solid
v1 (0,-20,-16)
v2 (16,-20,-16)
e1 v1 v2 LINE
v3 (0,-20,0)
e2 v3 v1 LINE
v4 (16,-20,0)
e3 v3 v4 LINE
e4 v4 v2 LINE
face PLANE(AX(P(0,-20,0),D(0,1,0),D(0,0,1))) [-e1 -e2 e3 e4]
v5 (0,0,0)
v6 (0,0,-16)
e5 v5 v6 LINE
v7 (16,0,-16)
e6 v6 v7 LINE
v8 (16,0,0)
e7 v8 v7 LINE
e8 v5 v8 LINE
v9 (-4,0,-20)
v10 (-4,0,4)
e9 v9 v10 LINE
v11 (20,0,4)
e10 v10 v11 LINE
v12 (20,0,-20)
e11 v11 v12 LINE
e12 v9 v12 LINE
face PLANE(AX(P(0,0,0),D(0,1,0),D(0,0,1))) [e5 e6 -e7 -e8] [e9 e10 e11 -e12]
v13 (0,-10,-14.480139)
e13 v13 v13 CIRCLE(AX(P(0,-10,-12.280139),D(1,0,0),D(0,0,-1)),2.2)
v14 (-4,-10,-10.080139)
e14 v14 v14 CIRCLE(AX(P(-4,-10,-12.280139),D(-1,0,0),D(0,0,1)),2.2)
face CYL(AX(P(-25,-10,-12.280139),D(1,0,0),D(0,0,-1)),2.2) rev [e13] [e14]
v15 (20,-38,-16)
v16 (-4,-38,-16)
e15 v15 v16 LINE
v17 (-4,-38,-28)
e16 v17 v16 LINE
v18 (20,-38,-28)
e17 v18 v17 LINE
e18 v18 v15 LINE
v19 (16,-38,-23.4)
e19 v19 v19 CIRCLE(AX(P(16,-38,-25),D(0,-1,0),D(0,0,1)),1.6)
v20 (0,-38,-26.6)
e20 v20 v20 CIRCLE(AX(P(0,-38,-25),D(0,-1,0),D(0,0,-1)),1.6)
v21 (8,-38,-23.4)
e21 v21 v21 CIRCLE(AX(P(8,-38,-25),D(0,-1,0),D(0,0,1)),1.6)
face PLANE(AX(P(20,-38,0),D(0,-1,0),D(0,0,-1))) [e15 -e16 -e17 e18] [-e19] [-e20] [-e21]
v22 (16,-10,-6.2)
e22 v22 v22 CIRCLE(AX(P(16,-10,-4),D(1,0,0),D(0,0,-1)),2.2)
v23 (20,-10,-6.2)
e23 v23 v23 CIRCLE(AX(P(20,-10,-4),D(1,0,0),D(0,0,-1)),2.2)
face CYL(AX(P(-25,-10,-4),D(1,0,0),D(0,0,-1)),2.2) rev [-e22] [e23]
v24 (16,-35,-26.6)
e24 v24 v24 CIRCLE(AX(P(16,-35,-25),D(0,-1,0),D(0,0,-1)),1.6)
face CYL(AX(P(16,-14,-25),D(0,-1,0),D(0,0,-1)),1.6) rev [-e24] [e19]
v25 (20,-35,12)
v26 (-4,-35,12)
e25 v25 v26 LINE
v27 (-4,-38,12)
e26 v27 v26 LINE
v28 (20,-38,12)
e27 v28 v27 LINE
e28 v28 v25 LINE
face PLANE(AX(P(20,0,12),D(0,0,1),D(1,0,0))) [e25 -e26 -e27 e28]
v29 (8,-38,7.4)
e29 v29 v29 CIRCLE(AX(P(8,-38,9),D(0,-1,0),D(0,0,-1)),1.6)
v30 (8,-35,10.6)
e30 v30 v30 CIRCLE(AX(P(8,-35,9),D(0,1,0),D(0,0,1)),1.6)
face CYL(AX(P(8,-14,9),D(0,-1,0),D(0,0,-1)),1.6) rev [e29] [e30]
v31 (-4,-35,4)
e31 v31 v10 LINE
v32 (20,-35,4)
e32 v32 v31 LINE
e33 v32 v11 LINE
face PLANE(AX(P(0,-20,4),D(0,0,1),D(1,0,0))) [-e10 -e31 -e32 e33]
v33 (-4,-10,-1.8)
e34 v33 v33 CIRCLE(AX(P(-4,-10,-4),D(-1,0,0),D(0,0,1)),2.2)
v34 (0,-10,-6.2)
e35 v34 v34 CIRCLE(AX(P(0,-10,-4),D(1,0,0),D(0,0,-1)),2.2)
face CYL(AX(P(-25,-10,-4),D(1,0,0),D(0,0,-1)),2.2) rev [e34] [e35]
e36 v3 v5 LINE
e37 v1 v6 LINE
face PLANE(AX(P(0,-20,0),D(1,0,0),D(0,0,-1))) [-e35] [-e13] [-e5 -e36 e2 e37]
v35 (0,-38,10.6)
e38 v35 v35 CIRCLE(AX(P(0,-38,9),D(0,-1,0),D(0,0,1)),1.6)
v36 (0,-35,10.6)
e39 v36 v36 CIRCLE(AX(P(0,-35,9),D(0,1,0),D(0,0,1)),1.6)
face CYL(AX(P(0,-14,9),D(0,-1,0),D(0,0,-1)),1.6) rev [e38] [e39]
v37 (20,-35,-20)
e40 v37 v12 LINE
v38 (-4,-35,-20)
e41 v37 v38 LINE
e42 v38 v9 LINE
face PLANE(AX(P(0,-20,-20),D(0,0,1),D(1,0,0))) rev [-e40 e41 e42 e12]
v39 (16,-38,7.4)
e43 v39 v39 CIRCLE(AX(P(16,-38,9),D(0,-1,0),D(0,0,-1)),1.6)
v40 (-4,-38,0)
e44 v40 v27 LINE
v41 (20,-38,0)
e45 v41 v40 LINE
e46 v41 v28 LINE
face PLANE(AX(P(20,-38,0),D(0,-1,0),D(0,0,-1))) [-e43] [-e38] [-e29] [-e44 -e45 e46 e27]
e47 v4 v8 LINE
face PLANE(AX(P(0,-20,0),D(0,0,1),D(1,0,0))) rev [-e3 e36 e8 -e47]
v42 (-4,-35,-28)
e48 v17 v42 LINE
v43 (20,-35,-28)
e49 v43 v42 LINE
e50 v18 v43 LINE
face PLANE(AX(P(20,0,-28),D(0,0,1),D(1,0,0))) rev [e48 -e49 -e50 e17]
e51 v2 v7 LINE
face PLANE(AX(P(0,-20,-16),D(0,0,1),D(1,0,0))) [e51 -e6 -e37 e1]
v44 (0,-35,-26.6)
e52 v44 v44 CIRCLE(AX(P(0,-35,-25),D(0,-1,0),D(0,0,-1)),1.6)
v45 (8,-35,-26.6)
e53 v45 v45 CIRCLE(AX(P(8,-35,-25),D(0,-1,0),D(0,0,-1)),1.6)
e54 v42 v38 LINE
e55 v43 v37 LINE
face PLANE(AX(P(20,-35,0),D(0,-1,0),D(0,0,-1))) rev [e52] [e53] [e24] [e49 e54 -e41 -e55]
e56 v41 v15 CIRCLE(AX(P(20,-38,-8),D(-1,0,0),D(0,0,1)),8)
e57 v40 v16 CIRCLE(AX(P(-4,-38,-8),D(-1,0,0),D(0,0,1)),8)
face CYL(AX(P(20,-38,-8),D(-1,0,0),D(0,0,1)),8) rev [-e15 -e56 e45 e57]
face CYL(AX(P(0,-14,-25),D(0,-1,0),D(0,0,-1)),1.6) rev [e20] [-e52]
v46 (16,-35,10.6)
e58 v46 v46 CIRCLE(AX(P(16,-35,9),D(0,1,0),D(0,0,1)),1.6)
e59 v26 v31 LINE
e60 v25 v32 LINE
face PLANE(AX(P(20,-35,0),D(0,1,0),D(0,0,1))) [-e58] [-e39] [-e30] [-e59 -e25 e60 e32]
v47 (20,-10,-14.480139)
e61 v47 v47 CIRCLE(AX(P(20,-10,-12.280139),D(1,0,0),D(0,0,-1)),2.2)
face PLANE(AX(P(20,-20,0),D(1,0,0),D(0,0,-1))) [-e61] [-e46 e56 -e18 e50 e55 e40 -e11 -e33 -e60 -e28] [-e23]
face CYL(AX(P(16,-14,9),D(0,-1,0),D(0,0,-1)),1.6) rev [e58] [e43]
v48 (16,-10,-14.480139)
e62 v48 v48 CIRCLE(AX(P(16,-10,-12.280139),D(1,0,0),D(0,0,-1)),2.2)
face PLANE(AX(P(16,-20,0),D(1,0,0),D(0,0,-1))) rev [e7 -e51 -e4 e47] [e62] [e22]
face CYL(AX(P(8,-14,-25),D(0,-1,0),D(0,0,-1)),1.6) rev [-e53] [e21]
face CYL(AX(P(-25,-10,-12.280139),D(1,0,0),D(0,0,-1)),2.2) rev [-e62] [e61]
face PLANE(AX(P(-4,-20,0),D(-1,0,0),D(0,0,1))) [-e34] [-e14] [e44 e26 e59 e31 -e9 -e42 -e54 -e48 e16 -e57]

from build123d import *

# Parameters (mm, degrees)
SKETCH_1_W          = 16
SKETCH_1_H          = 16
EXTRUDE_1_DEPTH     = 20
SKETCH_2_W          = 24
SKETCH_2_H          = 24
EXTRUDE_4_DEPTH     = 10
SKETCH_3_W          = 4
SKETCH_3_H          = 3
EXTRUDE_6_DEPTH     = 24
SKETCH_5_R          = 1.6
CUT_EXTRUDE_1_DEPTH = 24
SKETCH_6_R          = 2.2
CUT_EXTRUDE_2_DEPTH = 25


with BuildPart() as part:
    # 草图1 → 凸台-拉伸1 (new body)
    with BuildSketch(Plane(origin=(0, 0, 0), x_dir=(1, 0, 0), z_dir=(0, 1, 0))):
        Polygon((-4, 20), (-4, 16), (-4, -4), (16, -4), (20, -4), (20, 0), (20, 20), (0, 20), align=None)
        with Locations((8, 8)):
            Rectangle(SKETCH_1_W, SKETCH_1_H, mode=Mode.SUBTRACT)
    extrude(amount=-EXTRUDE_1_DEPTH)

    # 草图2 → 凸台-拉伸4 (add)
    with BuildSketch(Plane.XZ.offset(20)):
        with Locations((8, -8)):
            Rectangle(SKETCH_2_W, SKETCH_2_H)
    extrude(amount=EXTRUDE_4_DEPTH)

    # 草图3 → 凸台-拉伸6 (add)
    with BuildSketch(Plane.ZY.offset(4)):
        with Locations((10, -36.5)):
            Rectangle(SKETCH_3_W, SKETCH_3_H)
        with BuildLine():
            Line((4, -35), (4, -30))
            Line((4, -30), (-8.000000062, -30))
            ThreePointArc((-8.000000062, -30), (-2.343145773, -32.343145728), (0, -38))
            Line((0, -38), (8, -38))
            Line((8, -38), (8, -35))
            Line((8, -35), (4, -35))
        make_face()
        with BuildLine():
            ThreePointArc((-16, -38), (-13.656854272, -32.343145773), (-8.000000062, -30))
            Line((-8.000000062, -30), (-20, -30))
            Line((-20, -30), (-20, -35))
            Line((-20, -35), (-24, -35))
            Line((-24, -35), (-24, -38))
            Line((-24, -38), (-16, -38))
        make_face()
        with Locations((-26, -36.5)):
            Rectangle(SKETCH_3_W, SKETCH_3_H)
    extrude(amount=-EXTRUDE_6_DEPTH)

    # 草图5 → 切除-拉伸1 (cut)
    with BuildSketch(Plane.XZ.offset(38)):
        with Locations(Location((8, 9, 0), (0, 0, 270))):
            Circle(SKETCH_5_R)
        with Locations(Location((16, 9, 0), (0, 0, 270))):
            Circle(SKETCH_5_R)
        with Locations(Location((0, 9, 0), (0, 0, 90))):
            Circle(SKETCH_5_R)
        with Locations(Location((0, -25, 0), (0, 0, 270))):
            Circle(SKETCH_5_R)
        with Locations(Location((8, -25, 0), (0, 0, 270))):
            Circle(SKETCH_5_R)
        with Locations(Location((16, -25, 0), (0, 0, 270))):
            Circle(SKETCH_5_R)
    extrude(amount=-CUT_EXTRUDE_1_DEPTH, mode=Mode.SUBTRACT)

    # 草图6 → 切除-拉伸2 (cut, symmetric)
    with BuildSketch(Plane(origin=(0, 0, 0), x_dir=(0, 0, -1), z_dir=(1, 0, 0))):
        with Locations((12.280139498, -10)):
            Circle(SKETCH_6_R)
        with Locations((4, -10)):
            Circle(SKETCH_6_R)
    extrude(amount=CUT_EXTRUDE_2_DEPTH, both=True, mode=Mode.SUBTRACT)


solid = part.part
